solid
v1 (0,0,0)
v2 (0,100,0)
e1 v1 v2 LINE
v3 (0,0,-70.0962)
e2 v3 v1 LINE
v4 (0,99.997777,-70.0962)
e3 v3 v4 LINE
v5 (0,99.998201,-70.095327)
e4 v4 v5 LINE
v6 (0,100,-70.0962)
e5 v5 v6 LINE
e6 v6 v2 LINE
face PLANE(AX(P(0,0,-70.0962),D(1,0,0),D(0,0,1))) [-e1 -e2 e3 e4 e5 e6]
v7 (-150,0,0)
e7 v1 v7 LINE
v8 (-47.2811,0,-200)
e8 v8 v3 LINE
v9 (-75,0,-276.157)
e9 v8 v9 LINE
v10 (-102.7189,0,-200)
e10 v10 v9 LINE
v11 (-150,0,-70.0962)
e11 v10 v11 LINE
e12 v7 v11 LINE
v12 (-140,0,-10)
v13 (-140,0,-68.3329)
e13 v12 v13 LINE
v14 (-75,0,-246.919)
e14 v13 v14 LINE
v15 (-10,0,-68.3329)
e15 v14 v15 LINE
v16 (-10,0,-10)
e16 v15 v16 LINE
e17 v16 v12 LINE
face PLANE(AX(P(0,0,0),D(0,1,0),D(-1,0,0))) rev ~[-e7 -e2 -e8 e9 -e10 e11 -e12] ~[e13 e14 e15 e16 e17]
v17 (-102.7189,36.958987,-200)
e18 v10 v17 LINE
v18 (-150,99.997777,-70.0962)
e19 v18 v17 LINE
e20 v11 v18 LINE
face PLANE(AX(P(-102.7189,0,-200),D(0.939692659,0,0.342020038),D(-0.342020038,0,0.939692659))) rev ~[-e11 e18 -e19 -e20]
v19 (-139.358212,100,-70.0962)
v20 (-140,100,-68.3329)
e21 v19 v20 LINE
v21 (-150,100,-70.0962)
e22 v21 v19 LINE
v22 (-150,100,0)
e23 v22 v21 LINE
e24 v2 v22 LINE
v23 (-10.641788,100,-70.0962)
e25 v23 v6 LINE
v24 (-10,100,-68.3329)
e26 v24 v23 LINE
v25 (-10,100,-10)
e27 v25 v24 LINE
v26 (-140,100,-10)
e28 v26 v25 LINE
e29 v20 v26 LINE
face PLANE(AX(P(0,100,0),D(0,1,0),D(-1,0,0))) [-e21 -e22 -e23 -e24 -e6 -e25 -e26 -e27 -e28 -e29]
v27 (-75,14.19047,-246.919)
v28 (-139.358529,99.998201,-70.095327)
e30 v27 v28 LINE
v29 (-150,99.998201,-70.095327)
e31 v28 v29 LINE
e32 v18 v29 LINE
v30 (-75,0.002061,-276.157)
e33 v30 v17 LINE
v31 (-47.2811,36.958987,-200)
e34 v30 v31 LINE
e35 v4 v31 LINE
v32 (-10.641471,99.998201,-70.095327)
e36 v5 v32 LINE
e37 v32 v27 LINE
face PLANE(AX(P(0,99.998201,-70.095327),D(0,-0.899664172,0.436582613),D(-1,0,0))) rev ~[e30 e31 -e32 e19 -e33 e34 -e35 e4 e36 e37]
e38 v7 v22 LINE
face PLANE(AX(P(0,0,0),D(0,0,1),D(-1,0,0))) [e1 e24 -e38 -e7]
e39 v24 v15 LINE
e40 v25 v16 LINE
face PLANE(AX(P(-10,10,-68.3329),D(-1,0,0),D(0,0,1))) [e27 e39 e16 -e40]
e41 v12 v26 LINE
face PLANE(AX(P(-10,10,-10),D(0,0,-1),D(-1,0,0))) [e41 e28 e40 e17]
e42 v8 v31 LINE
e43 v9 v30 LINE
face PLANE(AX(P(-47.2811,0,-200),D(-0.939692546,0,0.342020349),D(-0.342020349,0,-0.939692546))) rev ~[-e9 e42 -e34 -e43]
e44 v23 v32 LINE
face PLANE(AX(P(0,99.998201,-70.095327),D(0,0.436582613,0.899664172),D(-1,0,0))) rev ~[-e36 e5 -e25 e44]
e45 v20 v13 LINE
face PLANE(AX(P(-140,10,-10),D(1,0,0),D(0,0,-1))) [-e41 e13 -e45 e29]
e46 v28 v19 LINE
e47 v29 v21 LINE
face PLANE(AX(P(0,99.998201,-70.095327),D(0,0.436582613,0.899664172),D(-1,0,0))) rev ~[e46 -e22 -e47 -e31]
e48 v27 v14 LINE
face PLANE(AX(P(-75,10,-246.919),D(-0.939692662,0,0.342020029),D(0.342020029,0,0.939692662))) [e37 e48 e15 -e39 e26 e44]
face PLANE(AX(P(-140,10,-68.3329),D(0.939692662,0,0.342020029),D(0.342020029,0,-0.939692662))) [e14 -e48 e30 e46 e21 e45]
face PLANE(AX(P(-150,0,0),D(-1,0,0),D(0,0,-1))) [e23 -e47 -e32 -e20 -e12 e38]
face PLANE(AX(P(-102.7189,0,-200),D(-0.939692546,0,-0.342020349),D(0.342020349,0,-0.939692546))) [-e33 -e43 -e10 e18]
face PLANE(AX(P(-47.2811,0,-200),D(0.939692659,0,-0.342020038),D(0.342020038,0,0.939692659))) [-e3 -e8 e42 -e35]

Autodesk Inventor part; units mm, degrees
ref_plane "YZ Plane" through (0, 0, 0) normal (1, 0, 0) x (0, 1, 0)
ref_plane "XZ Plane" through (0, 0, 0) normal (0, 1, 0) x (-1, 0, 0)
sketch "Sketch2" plane through (0, 0, 0) normal (0, 1, 0) x (-1, 0, 0)
  line L0 (0, 0) -> (150, 0)
  line L1 (150, 0) -> (150, -70.0962)
  line L2 (0, -70.0962) -> (0, 0)
  line L3 (102.7189, -200) -> (47.2811, -200)
  line L4 (102.7189, -200) -> (150, -70.0962)
  line L5 (47.2811, -200) -> (0, -70.0962)
  line L6 (0, -70.0962) -> (0, -200)
  line L7 (150, -70.0962) -> (150, -200)
  line L8 (0, -200) -> (150, -200)
  line L9 (102.7189, -200) -> (75, -276.157)
  line L10 (47.2811, -200) -> (75, -276.157)
  dimension "d7" = 150
  dimension "d23" = 70.0962
  dimension "d24" = 200
  dimension "d36" = 20
  dimension "d37" = 20
extrude "Extrusion1" add sketch "Sketch2" along normal blind 100 contours L0 L1 L4 L3 L5 L2 | L3 L9 L10
sketch "Sketch11" plane through (0, 100, 0) normal (0, 1, 0) x (1, 0, 0)
  line L0 (0, 70.0962) -> (-75, 276.157) projected
  line L1 (-75, 276.157) -> (-150, 70.0962) projected
  line L2 (-150, 70.0962) -> (-150, 0) projected
  line L3 (-150, 0) -> (0, 0) projected
  line L4 (0, 0) -> (0, 70.0962) projected
  line L5 (-10, 68.3329) -> (-75, 246.919)
  line L6 (-75, 246.919) -> (-140, 68.3329)
  line L7 (-140, 68.3329) -> (-140, 10)
  line L8 (-140, 10) -> (-10, 10)
  line L9 (-10, 10) -> (-10, 68.3329)
  dimension "d46" = 10
extrude "Extrusion9" cut sketch "Sketch11" against normal blind 90 contours L9 L8 L7 L6 L5
ref_plane "Work Plane4" through (0, 100, -70.0962) normal (0, -0.8997, 0.4366) x (-1, 0, 0)
sketch "Sketch12" plane through (0, 100, -70.0962) normal (0, -0.8997, 0.4366) x (-1, 0, 0)
  line L0 (0, 0) -> (154.5136, 0)
  line L1 (154.5136, 0) -> (154.5136, 238.9342)
  line L2 (154.5136, 238.9342) -> (0, 238.9342)
  line L3 (0, 238.9342) -> (0, 0)
  point P0 (0, -19.4027)
extrude "Extrusion10" cut sketch "Sketch12" against normal blind 90
sketch "Sketch13" plane through (0, 10, 0) normal (0, 1, 0) x (1, 0, 0)
  line L0 (-140, 10) -> (-140, 68.3329) projected
  line L1 (-10, 10) -> (-140, 10) projected
  line L2 (-10, 68.3329) -> (-10, 10) projected
  line L3 (-75, 246.919) -> (-10, 68.3329) projected
  line L4 (-140, 68.3329) -> (-75, 246.919) projected
  circle A0 centre (-75, 222.9149) radius 2.5
  line L5 (-75, 222.9149) -> (-10, 44.3288)
  line L6 (-75, 222.9149) -> (97.0532, 222.9149) construction
  line L7 (-75, 222.9149) -> (-140, 44.3288)
  circle A1 centre (-71.5798, 213.518) radius 2.5
  circle A2 centre (-68.1596, 204.121) radius 2.5
  circle A3 centre (-64.7394, 194.7241) radius 2.5
  circle A4 centre (-61.3192, 185.3272) radius 2.5
  circle A5 centre (-57.899, 175.9302) radius 2.5
  circle A6 centre (-54.4788, 166.5333) radius 2.5
  circle A7 centre (-51.0586, 157.1364) radius 2.5
  circle A8 centre (-47.6384, 147.7395) radius 2.5
  circle A9 centre (-44.2182, 138.3425) radius 2.5
  circle A10 centre (-40.798, 128.9456) radius 2.5
  circle A11 centre (-37.3778, 119.5487) radius 2.5
  circle A12 centre (-78.4202, 213.518) radius 2.5
  circle A13 centre (-75, 204.121) radius 2.5
  circle A14 centre (-71.5798, 194.7241) radius 2.5
  circle A15 centre (-68.1596, 185.3272) radius 2.5
  circle A16 centre (-64.7394, 175.9302) radius 2.5
  circle A17 centre (-61.3192, 166.5333) radius 2.5
  circle A18 centre (-57.899, 157.1364) radius 2.5
  circle A19 centre (-54.4788, 147.7395) radius 2.5
  circle A20 centre (-51.0586, 138.3425) radius 2.5
  circle A21 centre (-47.6384, 128.9456) radius 2.5
  circle A22 centre (-44.2182, 119.5487) radius 2.5
  circle A23 centre (-40.798, 110.1518) radius 2.5
  circle A24 centre (-81.8404, 204.121) radius 2.5
  circle A25 centre (-78.4202, 194.7241) radius 2.5
  circle A26 centre (-75, 185.3272) radius 2.5
  circle A27 centre (-71.5798, 175.9302) radius 2.5
  circle A28 centre (-68.1596, 166.5333) radius 2.5
  circle A29 centre (-64.7394, 157.1364) radius 2.5
  circle A30 centre (-61.3192, 147.7395) radius 2.5
  circle A31 centre (-57.899, 138.3425) radius 2.5
  circle A32 centre (-54.4788, 128.9456) radius 2.5
  circle A33 centre (-51.0586, 119.5487) radius 2.5
  circle A34 centre (-47.6384, 110.1518) radius 2.5
  circle A35 centre (-44.2182, 100.7548) radius 2.5
  circle A36 centre (-85.2606, 194.7241) radius 2.5
  circle A37 centre (-81.8404, 185.3272) radius 2.5
  circle A38 centre (-78.4202, 175.9302) radius 2.5
  circle A39 centre (-75, 166.5333) radius 2.5
  circle A40 centre (-71.5798, 157.1364) radius 2.5
  circle A41 centre (-68.1596, 147.7395) radius 2.5
  circle A42 centre (-64.7394, 138.3425) radius 2.5
  circle A43 centre (-61.3192, 128.9456) radius 2.5
  circle A44 centre (-57.899, 119.5487) radius 2.5
  circle A45 centre (-54.4788, 110.1518) radius 2.5
  circle A46 centre (-51.0586, 100.7548) radius 2.5
  circle A47 centre (-47.6384, 91.3579) radius 2.5
  circle A48 centre (-88.6808, 185.3272) radius 2.5
  circle A49 centre (-85.2606, 175.9302) radius 2.5
  circle A50 centre (-81.8404, 166.5333) radius 2.5
  circle A51 centre (-78.4202, 157.1364) radius 2.5
  circle A52 centre (-75, 147.7395) radius 2.5
  circle A53 centre (-71.5798, 138.3425) radius 2.5
  circle A54 centre (-68.1596, 128.9456) radius 2.5
  circle A55 centre (-64.7394, 119.5487) radius 2.5
  circle A56 centre (-61.3192, 110.1518) radius 2.5
  circle A57 centre (-57.899, 100.7548) radius 2.5
  circle A58 centre (-54.4788, 91.3579) radius 2.5
  circle A59 centre (-51.0586, 81.961) radius 2.5
  circle A60 centre (-92.101, 175.9302) radius 2.5
  circle A61 centre (-88.6808, 166.5333) radius 2.5
  circle A62 centre (-85.2606, 157.1364) radius 2.5
  circle A63 centre (-81.8404, 147.7395) radius 2.5
  circle A64 centre (-78.4202, 138.3425) radius 2.5
  circle A65 centre (-75, 128.9456) radius 2.5
  circle A66 centre (-71.5798, 119.5487) radius 2.5
  circle A67 centre (-68.1596, 110.1518) radius 2.5
  circle A68 centre (-64.7394, 100.7548) radius 2.5
  circle A69 centre (-61.3192, 91.3579) radius 2.5
  circle A70 centre (-57.899, 81.961) radius 2.5
  circle A71 centre (-54.4788, 72.5641) radius 2.5
  circle A72 centre (-95.5212, 166.5333) radius 2.5
  circle A73 centre (-92.101, 157.1364) radius 2.5
  circle A74 centre (-88.6808, 147.7395) radius 2.5
  circle A75 centre (-85.2606, 138.3425) radius 2.5
  circle A76 centre (-81.8404, 128.9456) radius 2.5
  circle A77 centre (-78.4202, 119.5487) radius 2.5
  circle A78 centre (-75, 110.1518) radius 2.5
  circle A79 centre (-71.5798, 100.7548) radius 2.5
  circle A80 centre (-68.1596, 91.3579) radius 2.5
  circle A81 centre (-64.7394, 81.961) radius 2.5
  circle A82 centre (-61.3192, 72.5641) radius 2.5
  circle A83 centre (-57.899, 63.1671) radius 2.5
  circle A84 centre (-98.9414, 157.1364) radius 2.5
  circle A85 centre (-95.5212, 147.7395) radius 2.5
  circle A86 centre (-92.101, 138.3425) radius 2.5
  circle A87 centre (-88.6808, 128.9456) radius 2.5
  circle A88 centre (-85.2606, 119.5487) radius 2.5
  circle A89 centre (-81.8404, 110.1518) radius 2.5
  circle A90 centre (-78.4202, 100.7548) radius 2.5
  circle A91 centre (-75, 91.3579) radius 2.5
  circle A92 centre (-71.5798, 81.961) radius 2.5
  circle A93 centre (-68.1596, 72.5641) radius 2.5
  circle A94 centre (-64.7394, 63.1671) radius 2.5
  circle A95 centre (-61.3192, 53.7702) radius 2.5
  circle A96 centre (-102.3616, 147.7395) radius 2.5
  circle A97 centre (-98.9414, 138.3425) radius 2.5
  circle A98 centre (-95.5212, 128.9456) radius 2.5
  circle A99 centre (-92.101, 119.5487) radius 2.5
  circle A100 centre (-88.6808, 110.1518) radius 2.5
  circle A101 centre (-85.2606, 100.7548) radius 2.5
  circle A102 centre (-81.8404, 91.3579) radius 2.5
  circle A103 centre (-78.4202, 81.961) radius 2.5
  circle A104 centre (-75, 72.5641) radius 2.5
  circle A105 centre (-71.5798, 63.1671) radius 2.5
  circle A106 centre (-68.1596, 53.7702) radius 2.5
  circle A107 centre (-64.7394, 44.3733) radius 2.5
  circle A108 centre (-105.7818, 138.3425) radius 2.5
  circle A109 centre (-102.3616, 128.9456) radius 2.5
  circle A110 centre (-98.9414, 119.5487) radius 2.5
  circle A111 centre (-95.5212, 110.1518) radius 2.5
  circle A112 centre (-92.101, 100.7548) radius 2.5
  circle A113 centre (-88.6808, 91.3579) radius 2.5
  circle A114 centre (-85.2606, 81.961) radius 2.5
  circle A115 centre (-81.8404, 72.5641) radius 2.5
  circle A116 centre (-78.4202, 63.1671) radius 2.5
  circle A117 centre (-75, 53.7702) radius 2.5
  circle A118 centre (-71.5798, 44.3733) radius 2.5
  circle A119 centre (-68.1596, 34.9764) radius 2.5
  circle A120 centre (-109.202, 128.9456) radius 2.5
  circle A121 centre (-105.7818, 119.5487) radius 2.5
  circle A122 centre (-102.3616, 110.1518) radius 2.5
  circle A123 centre (-98.9414, 100.7548) radius 2.5
  circle A124 centre (-95.5212, 91.3579) radius 2.5
  circle A125 centre (-92.101, 81.961) radius 2.5
  circle A126 centre (-88.6808, 72.5641) radius 2.5
  circle A127 centre (-85.2606, 63.1671) radius 2.5
  circle A128 centre (-81.8404, 53.7702) radius 2.5
  circle A129 centre (-78.4202, 44.3733) radius 2.5
  circle A130 centre (-75, 34.9764) radius 2.5
  circle A131 centre (-71.5798, 25.5794) radius 2.5
  circle A132 centre (-112.6222, 119.5487) radius 2.5
  circle A133 centre (-109.202, 110.1518) radius 2.5
  circle A134 centre (-105.7818, 100.7548) radius 2.5
  circle A135 centre (-102.3616, 91.3579) radius 2.5
  circle A136 centre (-98.9414, 81.961) radius 2.5
  circle A137 centre (-95.5212, 72.5641) radius 2.5
  circle A138 centre (-92.101, 63.1671) radius 2.5
  circle A139 centre (-88.6808, 53.7702) radius 2.5
  circle A140 centre (-85.2606, 44.3733) radius 2.5
  circle A141 centre (-81.8404, 34.9764) radius 2.5
  circle A142 centre (-78.4202, 25.5794) radius 2.5
  circle A143 centre (-75, 16.1825) radius 2.5
  point P0 (0, 0)
  dimension "d51" = 5
  dimension "d52" = 70
  dimension "d53" = 70
  dimension "d56" = 10
  dimension "d59" = 10
extrude "Extrusion11" cut sketch "Sketch13" against normal through all contours A132 L7 | L7 A132 | A11 L5 | L5 A11 | A120 L7 | L7 A120 | A10 L5 | L5 A10 | A108 L7 | L7 A108 | A9 L5 | L5 A9 | A96 L7 | L7 A96 | A8 L5 | L5 A8 | A84 L7 | L7 A84 | A7 L5 | L5 A7 | A72 L7 | L7 A72 | A6 L5 | L5 A6 | A60 L7 | L7 A60 | A5 L5 | L5 A5 | A48 L7 | L7 A48 | A4 L5 | L5 A4 | A36 L7 | L7 A36 | A3 L5 | L5 A3 | A24 L7 | L7 A24 | A2 L5 | L5 A2 | A12 L7 | L7 A12 | A1 L5 | L5 A1 | L7 L5 A0 | A0 L5 L7 | A13 | A14 | A15 | A16 | A17 | A18 | A19 | A20 | A21 | A22 | A23 | A25 | A26 | A27 | A28 | A29 | A30 | A31 | A32 | A33 | A34 | A35 | A37 | A38 | A39 | A40 | A41 | A42 | A43 | A44 | A45 | A46 | A47 | A49 | A50 | A51 | A52 | A53 | A54 | A55 | A56 | A57 | A58 | A59 | A61 | A62 | A63 | A64 | A65 | A66 | A67 | A68 | A69 | A70 | A71 | A73 | A74 | A75 | A76 | A77 | A78 | A79 | A80 | A81 | A82 | A83 | A85 | A86 | A87 | A88 | A89 | A90 | A91 | A92 | A93 | A94 | A95 | A97 | A98 | A99 | A100 | A101 | A102 | A103 | A104 | A105 | A107 | A109 | A110 | A111 | A112 | A113 | A114 | A115 | A116 | A117 | A118 | A119 | A121 | A122 | A123 | A124 | A125 | A126 | A127 | A128 | A129 | A130 | A131 | A133 | A134 | A135 | A136 | A137 | A138 | A139 | A140 | A141 | A142 | A143
sketch "Sketch15" plane through (0, 10, 0) normal (0, 1, 0) x (1, 0, 0)
  circle A0 centre (-68.1596, 204.121) radius 2.5 projected
  circle A1 centre (-78.4202, 213.518) radius 2.5 projected
  circle A2 centre (-92.101, 175.9302) radius 2.5 projected
  circle A3 centre (-71.5798, 175.9302) radius 2.5 projected
  circle A4 centre (-68.1596, 185.3272) radius 2.5 projected
  circle A5 centre (-95.5212, 128.9456) radius 2.5 projected
  circle A6 centre (-92.101, 157.1364) radius 2.5 projected
  circle A7 centre (-92.101, 138.3425) radius 2.5 projected
  circle A8 centre (-102.3616, 147.7395) radius 2.5 projected
  circle A9 centre (-57.899, 157.1364) radius 2.5 projected
  circle A10 centre (-61.3192, 147.7395) radius 2.5 projected
  circle A11 centre (-71.5798, 157.1364) radius 2.5 projected
  circle A12 centre (-81.8404, 166.5333) radius 2.5 projected
  circle A13 centre (-68.1596, 128.9456) radius 2.5 projected
  circle A14 centre (-81.8404, 128.9456) radius 2.5 projected
  circle A15 centre (-85.2606, 100.7548) radius 2.5 projected
  circle A16 centre (-88.6808, 91.3579) radius 2.5 projected
  circle A17 centre (-92.101, 81.961) radius 2.5 projected
  circle A18 centre (-105.7818, 100.7548) radius 2.5 projected
  circle A19 centre (-112.6222, 119.5487) radius 2.5 projected
  circle A20 centre (-54.4788, 110.1518) radius 2.5 projected
  circle A21 centre (-54.4788, 91.3579) radius 2.5 projected
  circle A22 centre (-61.3192, 91.3579) radius 2.5 projected
  circle A23 centre (-71.5798, 100.7548) radius 2.5 projected
  circle A24 centre (-78.4202, 100.7548) radius 2.5 projected
  circle A25 centre (-75, 34.9764) radius 2.5 projected
  circle A26 centre (-75, 16.1825) radius 2.5 projected
  circle A27 centre (-54.4788, 72.5641) radius 2.5 projected
  circle A28 centre (-78.4202, 63.1671) radius 2.5 projected
  circle A29 centre (-95.5212, 72.5641) radius 2.5 projected
  circle A30 centre (-75, 53.7702) radius 2.5 projected
  circle A31 centre (-75, 72.5641) radius 2.5 projected
  circle A32 centre (-44.2182, 138.3425) radius 2.5 projected
  circle A33 centre (-47.6384, 91.3579) radius 2.5 projected
  circle A34 centre (-51.0586, 119.5487) radius 2.5 projected
  circle A35 centre (-51.0586, 138.3425) radius 2.5 projected
  circle A36 centre (-40.798, 110.1518) radius 2.5 projected
  circle A37 centre (-51.0586, 100.7548) radius 2.5 projected
  circle A38 centre (-40.798, 128.9456) radius 2.5 projected
  circle A39 centre (-61.3192, 53.7702) radius 2.5 projected
  circle A40 centre (-81.8404, 72.5641) radius 2.5 projected
  circle A41 centre (-88.6808, 53.7702) radius 2.5 projected
  circle A42 centre (-71.5798, 44.3733) radius 2.5 projected
  circle A43 centre (-64.7394, 63.1671) radius 2.5 projected
  circle A44 centre (-68.1596, 72.5641) radius 2.5 projected
  circle A45 centre (-71.5798, 25.5794) radius 2.5 projected
  circle A46 centre (-75, 91.3579) radius 2.5 projected
  circle A47 centre (-68.1596, 91.3579) radius 2.5 projected
  circle A48 centre (-57.899, 81.961) radius 2.5 projected
  circle A49 centre (-71.5798, 119.5487) radius 2.5 projected
  circle A50 centre (-64.7394, 119.5487) radius 2.5 projected
  circle A51 centre (-81.8404, 91.3579) radius 2.5 projected
  circle A52 centre (-95.5212, 91.3579) radius 2.5 projected
  circle A53 centre (-109.202, 110.1518) radius 2.5 projected
  circle A54 centre (-85.2606, 81.961) radius 2.5 projected
  circle A55 centre (-98.9414, 119.5487) radius 2.5 projected
  circle A56 centre (-54.4788, 166.5333) radius 2.5 projected
  circle A57 centre (-81.8404, 147.7395) radius 2.5 projected
  circle A58 centre (-78.4202, 157.1364) radius 2.5 projected
  circle A59 centre (-68.1596, 147.7395) radius 2.5 projected
  circle A60 centre (-57.899, 138.3425) radius 2.5 projected
  circle A61 centre (-54.4788, 147.7395) radius 2.5 projected
  circle A62 centre (-98.9414, 157.1364) radius 2.5 projected
  circle A63 centre (-88.6808, 128.9456) radius 2.5 projected
  circle A64 centre (-88.6808, 147.7395) radius 2.5 projected
  circle A65 centre (-102.3616, 128.9456) radius 2.5 projected
  circle A66 centre (-71.5798, 194.7241) radius 2.5 projected
  circle A67 centre (-75, 185.3272) radius 2.5 projected
  circle A68 centre (-85.2606, 175.9302) radius 2.5 projected
  circle A69 centre (-81.8404, 204.121) radius 2.5 projected
  circle A70 centre (-64.7394, 194.7241) radius 2.5 projected
  circle A71 centre (-71.5798, 213.518) radius 2.5 projected
  circle A72 centre (-57.899, 175.9302) radius 2.5 projected
  circle A73 centre (-88.6808, 185.3272) radius 2.5 projected
  circle A74 centre (-81.8404, 185.3272) radius 2.5 projected
  circle A75 centre (-64.7394, 175.9302) radius 2.5 projected
  circle A76 centre (-98.9414, 138.3425) radius 2.5 projected
  circle A77 centre (-85.2606, 157.1364) radius 2.5 projected
  circle A78 centre (-95.5212, 147.7395) radius 2.5 projected
  circle A79 centre (-105.7818, 138.3425) radius 2.5 projected
  circle A80 centre (-61.3192, 166.5333) radius 2.5 projected
  circle A81 centre (-64.7394, 157.1364) radius 2.5 projected
  circle A82 centre (-75, 166.5333) radius 2.5 projected
  circle A83 centre (-61.3192, 128.9456) radius 2.5 projected
  circle A84 centre (-71.5798, 138.3425) radius 2.5 projected
  circle A85 centre (-75, 128.9456) radius 2.5 projected
  circle A86 centre (-88.6808, 110.1518) radius 2.5 projected
  circle A87 centre (-92.101, 100.7548) radius 2.5 projected
  circle A88 centre (-98.9414, 100.7548) radius 2.5 projected
  circle A89 centre (-98.9414, 81.961) radius 2.5 projected
  circle A90 centre (-85.2606, 119.5487) radius 2.5 projected
  circle A91 centre (-57.899, 119.5487) radius 2.5 projected
  circle A92 centre (-57.899, 100.7548) radius 2.5 projected
  circle A93 centre (-64.7394, 100.7548) radius 2.5 projected
  circle A94 centre (-75, 110.1518) radius 2.5 projected
  circle A95 centre (-81.8404, 110.1518) radius 2.5 projected
  circle A96 centre (-68.1596, 34.9764) radius 2.5 projected
  circle A97 centre (-78.4202, 25.5794) radius 2.5 projected
  circle A98 centre (-61.3192, 72.5641) radius 2.5 projected
  circle A99 centre (-85.2606, 44.3733) radius 2.5 projected
  circle A100 centre (-81.8404, 53.7702) radius 2.5 projected
  circle A101 centre (-85.2606, 63.1671) radius 2.5 projected
  circle A102 centre (-71.5798, 63.1671) radius 2.5 projected
  circle A103 centre (-47.6384, 147.7395) radius 2.5 projected
  circle A104 centre (-51.0586, 81.961) radius 2.5 projected
  circle A105 centre (-47.6384, 110.1518) radius 2.5 projected
  circle A106 centre (-47.6384, 128.9456) radius 2.5 projected
  circle A107 centre (-44.2182, 119.5487) radius 2.5 projected
  circle A108 centre (-44.2182, 100.7548) radius 2.5 projected
  circle A109 centre (-37.3778, 119.5487) radius 2.5 projected
  circle A110 centre (-51.0586, 157.1364) radius 2.5 projected
  circle A111 centre (-64.7394, 44.3733) radius 2.5 projected
  circle A112 centre (-78.4202, 44.3733) radius 2.5 projected
  circle A113 centre (-88.6808, 72.5641) radius 2.5 projected
  circle A114 centre (-92.101, 63.1671) radius 2.5 projected
  circle A115 centre (-57.899, 63.1671) radius 2.5 projected
  circle A116 centre (-81.8404, 34.9764) radius 2.5 projected
  circle A117 centre (-71.5798, 81.961) radius 2.5 projected
  circle A118 centre (-64.7394, 81.961) radius 2.5 projected
  circle A119 centre (-78.4202, 119.5487) radius 2.5 projected
  circle A120 centre (-68.1596, 110.1518) radius 2.5 projected
  circle A121 centre (-61.3192, 110.1518) radius 2.5 projected
  circle A122 centre (-78.4202, 81.961) radius 2.5 projected
  circle A123 centre (-102.3616, 110.1518) radius 2.5 projected
  circle A124 centre (-102.3616, 91.3579) radius 2.5 projected
  circle A125 centre (-105.7818, 119.5487) radius 2.5 projected
  circle A126 centre (-95.5212, 110.1518) radius 2.5 projected
  circle A127 centre (-92.101, 119.5487) radius 2.5 projected
  circle A128 centre (-78.4202, 138.3425) radius 2.5 projected
  circle A129 centre (-75, 147.7395) radius 2.5 projected
  circle A130 centre (-64.7394, 138.3425) radius 2.5 projected
  circle A131 centre (-54.4788, 128.9456) radius 2.5 projected
  circle A132 centre (-68.1596, 166.5333) radius 2.5 projected
  circle A133 centre (-95.5212, 166.5333) radius 2.5 projected
  circle A134 centre (-109.202, 128.9456) radius 2.5 projected
  circle A135 centre (-85.2606, 138.3425) radius 2.5 projected
  circle A136 centre (-88.6808, 166.5333) radius 2.5 projected
  circle A137 centre (-75, 204.121) radius 2.5 projected
  circle A138 centre (-78.4202, 194.7241) radius 2.5 projected
  circle A139 centre (-78.4202, 175.9302) radius 2.5 projected
  circle A140 centre (-85.2606, 194.7241) radius 2.5 projected
  circle A141 centre (-61.3192, 185.3272) radius 2.5 projected
  circle A142 centre (-75, 222.9149) radius 2.5 projected
  line L0 (-140, 10) -> (-140, 68.3329) projected
  line L1 (-10, 10) -> (-140, 10) projected
  line L2 (-10, 68.3329) -> (-10, 10) projected
  line L3 (-75, 246.919) -> (-10, 68.3329) projected
  line L4 (-140, 68.3329) -> (-75, 246.919) projected
  point P0 (0, 0)
extrude "Extrusion13" cut sketch "Sketch15" against normal blind 90
properties part number "Wedge_wall" material "Aluminum 6061"
